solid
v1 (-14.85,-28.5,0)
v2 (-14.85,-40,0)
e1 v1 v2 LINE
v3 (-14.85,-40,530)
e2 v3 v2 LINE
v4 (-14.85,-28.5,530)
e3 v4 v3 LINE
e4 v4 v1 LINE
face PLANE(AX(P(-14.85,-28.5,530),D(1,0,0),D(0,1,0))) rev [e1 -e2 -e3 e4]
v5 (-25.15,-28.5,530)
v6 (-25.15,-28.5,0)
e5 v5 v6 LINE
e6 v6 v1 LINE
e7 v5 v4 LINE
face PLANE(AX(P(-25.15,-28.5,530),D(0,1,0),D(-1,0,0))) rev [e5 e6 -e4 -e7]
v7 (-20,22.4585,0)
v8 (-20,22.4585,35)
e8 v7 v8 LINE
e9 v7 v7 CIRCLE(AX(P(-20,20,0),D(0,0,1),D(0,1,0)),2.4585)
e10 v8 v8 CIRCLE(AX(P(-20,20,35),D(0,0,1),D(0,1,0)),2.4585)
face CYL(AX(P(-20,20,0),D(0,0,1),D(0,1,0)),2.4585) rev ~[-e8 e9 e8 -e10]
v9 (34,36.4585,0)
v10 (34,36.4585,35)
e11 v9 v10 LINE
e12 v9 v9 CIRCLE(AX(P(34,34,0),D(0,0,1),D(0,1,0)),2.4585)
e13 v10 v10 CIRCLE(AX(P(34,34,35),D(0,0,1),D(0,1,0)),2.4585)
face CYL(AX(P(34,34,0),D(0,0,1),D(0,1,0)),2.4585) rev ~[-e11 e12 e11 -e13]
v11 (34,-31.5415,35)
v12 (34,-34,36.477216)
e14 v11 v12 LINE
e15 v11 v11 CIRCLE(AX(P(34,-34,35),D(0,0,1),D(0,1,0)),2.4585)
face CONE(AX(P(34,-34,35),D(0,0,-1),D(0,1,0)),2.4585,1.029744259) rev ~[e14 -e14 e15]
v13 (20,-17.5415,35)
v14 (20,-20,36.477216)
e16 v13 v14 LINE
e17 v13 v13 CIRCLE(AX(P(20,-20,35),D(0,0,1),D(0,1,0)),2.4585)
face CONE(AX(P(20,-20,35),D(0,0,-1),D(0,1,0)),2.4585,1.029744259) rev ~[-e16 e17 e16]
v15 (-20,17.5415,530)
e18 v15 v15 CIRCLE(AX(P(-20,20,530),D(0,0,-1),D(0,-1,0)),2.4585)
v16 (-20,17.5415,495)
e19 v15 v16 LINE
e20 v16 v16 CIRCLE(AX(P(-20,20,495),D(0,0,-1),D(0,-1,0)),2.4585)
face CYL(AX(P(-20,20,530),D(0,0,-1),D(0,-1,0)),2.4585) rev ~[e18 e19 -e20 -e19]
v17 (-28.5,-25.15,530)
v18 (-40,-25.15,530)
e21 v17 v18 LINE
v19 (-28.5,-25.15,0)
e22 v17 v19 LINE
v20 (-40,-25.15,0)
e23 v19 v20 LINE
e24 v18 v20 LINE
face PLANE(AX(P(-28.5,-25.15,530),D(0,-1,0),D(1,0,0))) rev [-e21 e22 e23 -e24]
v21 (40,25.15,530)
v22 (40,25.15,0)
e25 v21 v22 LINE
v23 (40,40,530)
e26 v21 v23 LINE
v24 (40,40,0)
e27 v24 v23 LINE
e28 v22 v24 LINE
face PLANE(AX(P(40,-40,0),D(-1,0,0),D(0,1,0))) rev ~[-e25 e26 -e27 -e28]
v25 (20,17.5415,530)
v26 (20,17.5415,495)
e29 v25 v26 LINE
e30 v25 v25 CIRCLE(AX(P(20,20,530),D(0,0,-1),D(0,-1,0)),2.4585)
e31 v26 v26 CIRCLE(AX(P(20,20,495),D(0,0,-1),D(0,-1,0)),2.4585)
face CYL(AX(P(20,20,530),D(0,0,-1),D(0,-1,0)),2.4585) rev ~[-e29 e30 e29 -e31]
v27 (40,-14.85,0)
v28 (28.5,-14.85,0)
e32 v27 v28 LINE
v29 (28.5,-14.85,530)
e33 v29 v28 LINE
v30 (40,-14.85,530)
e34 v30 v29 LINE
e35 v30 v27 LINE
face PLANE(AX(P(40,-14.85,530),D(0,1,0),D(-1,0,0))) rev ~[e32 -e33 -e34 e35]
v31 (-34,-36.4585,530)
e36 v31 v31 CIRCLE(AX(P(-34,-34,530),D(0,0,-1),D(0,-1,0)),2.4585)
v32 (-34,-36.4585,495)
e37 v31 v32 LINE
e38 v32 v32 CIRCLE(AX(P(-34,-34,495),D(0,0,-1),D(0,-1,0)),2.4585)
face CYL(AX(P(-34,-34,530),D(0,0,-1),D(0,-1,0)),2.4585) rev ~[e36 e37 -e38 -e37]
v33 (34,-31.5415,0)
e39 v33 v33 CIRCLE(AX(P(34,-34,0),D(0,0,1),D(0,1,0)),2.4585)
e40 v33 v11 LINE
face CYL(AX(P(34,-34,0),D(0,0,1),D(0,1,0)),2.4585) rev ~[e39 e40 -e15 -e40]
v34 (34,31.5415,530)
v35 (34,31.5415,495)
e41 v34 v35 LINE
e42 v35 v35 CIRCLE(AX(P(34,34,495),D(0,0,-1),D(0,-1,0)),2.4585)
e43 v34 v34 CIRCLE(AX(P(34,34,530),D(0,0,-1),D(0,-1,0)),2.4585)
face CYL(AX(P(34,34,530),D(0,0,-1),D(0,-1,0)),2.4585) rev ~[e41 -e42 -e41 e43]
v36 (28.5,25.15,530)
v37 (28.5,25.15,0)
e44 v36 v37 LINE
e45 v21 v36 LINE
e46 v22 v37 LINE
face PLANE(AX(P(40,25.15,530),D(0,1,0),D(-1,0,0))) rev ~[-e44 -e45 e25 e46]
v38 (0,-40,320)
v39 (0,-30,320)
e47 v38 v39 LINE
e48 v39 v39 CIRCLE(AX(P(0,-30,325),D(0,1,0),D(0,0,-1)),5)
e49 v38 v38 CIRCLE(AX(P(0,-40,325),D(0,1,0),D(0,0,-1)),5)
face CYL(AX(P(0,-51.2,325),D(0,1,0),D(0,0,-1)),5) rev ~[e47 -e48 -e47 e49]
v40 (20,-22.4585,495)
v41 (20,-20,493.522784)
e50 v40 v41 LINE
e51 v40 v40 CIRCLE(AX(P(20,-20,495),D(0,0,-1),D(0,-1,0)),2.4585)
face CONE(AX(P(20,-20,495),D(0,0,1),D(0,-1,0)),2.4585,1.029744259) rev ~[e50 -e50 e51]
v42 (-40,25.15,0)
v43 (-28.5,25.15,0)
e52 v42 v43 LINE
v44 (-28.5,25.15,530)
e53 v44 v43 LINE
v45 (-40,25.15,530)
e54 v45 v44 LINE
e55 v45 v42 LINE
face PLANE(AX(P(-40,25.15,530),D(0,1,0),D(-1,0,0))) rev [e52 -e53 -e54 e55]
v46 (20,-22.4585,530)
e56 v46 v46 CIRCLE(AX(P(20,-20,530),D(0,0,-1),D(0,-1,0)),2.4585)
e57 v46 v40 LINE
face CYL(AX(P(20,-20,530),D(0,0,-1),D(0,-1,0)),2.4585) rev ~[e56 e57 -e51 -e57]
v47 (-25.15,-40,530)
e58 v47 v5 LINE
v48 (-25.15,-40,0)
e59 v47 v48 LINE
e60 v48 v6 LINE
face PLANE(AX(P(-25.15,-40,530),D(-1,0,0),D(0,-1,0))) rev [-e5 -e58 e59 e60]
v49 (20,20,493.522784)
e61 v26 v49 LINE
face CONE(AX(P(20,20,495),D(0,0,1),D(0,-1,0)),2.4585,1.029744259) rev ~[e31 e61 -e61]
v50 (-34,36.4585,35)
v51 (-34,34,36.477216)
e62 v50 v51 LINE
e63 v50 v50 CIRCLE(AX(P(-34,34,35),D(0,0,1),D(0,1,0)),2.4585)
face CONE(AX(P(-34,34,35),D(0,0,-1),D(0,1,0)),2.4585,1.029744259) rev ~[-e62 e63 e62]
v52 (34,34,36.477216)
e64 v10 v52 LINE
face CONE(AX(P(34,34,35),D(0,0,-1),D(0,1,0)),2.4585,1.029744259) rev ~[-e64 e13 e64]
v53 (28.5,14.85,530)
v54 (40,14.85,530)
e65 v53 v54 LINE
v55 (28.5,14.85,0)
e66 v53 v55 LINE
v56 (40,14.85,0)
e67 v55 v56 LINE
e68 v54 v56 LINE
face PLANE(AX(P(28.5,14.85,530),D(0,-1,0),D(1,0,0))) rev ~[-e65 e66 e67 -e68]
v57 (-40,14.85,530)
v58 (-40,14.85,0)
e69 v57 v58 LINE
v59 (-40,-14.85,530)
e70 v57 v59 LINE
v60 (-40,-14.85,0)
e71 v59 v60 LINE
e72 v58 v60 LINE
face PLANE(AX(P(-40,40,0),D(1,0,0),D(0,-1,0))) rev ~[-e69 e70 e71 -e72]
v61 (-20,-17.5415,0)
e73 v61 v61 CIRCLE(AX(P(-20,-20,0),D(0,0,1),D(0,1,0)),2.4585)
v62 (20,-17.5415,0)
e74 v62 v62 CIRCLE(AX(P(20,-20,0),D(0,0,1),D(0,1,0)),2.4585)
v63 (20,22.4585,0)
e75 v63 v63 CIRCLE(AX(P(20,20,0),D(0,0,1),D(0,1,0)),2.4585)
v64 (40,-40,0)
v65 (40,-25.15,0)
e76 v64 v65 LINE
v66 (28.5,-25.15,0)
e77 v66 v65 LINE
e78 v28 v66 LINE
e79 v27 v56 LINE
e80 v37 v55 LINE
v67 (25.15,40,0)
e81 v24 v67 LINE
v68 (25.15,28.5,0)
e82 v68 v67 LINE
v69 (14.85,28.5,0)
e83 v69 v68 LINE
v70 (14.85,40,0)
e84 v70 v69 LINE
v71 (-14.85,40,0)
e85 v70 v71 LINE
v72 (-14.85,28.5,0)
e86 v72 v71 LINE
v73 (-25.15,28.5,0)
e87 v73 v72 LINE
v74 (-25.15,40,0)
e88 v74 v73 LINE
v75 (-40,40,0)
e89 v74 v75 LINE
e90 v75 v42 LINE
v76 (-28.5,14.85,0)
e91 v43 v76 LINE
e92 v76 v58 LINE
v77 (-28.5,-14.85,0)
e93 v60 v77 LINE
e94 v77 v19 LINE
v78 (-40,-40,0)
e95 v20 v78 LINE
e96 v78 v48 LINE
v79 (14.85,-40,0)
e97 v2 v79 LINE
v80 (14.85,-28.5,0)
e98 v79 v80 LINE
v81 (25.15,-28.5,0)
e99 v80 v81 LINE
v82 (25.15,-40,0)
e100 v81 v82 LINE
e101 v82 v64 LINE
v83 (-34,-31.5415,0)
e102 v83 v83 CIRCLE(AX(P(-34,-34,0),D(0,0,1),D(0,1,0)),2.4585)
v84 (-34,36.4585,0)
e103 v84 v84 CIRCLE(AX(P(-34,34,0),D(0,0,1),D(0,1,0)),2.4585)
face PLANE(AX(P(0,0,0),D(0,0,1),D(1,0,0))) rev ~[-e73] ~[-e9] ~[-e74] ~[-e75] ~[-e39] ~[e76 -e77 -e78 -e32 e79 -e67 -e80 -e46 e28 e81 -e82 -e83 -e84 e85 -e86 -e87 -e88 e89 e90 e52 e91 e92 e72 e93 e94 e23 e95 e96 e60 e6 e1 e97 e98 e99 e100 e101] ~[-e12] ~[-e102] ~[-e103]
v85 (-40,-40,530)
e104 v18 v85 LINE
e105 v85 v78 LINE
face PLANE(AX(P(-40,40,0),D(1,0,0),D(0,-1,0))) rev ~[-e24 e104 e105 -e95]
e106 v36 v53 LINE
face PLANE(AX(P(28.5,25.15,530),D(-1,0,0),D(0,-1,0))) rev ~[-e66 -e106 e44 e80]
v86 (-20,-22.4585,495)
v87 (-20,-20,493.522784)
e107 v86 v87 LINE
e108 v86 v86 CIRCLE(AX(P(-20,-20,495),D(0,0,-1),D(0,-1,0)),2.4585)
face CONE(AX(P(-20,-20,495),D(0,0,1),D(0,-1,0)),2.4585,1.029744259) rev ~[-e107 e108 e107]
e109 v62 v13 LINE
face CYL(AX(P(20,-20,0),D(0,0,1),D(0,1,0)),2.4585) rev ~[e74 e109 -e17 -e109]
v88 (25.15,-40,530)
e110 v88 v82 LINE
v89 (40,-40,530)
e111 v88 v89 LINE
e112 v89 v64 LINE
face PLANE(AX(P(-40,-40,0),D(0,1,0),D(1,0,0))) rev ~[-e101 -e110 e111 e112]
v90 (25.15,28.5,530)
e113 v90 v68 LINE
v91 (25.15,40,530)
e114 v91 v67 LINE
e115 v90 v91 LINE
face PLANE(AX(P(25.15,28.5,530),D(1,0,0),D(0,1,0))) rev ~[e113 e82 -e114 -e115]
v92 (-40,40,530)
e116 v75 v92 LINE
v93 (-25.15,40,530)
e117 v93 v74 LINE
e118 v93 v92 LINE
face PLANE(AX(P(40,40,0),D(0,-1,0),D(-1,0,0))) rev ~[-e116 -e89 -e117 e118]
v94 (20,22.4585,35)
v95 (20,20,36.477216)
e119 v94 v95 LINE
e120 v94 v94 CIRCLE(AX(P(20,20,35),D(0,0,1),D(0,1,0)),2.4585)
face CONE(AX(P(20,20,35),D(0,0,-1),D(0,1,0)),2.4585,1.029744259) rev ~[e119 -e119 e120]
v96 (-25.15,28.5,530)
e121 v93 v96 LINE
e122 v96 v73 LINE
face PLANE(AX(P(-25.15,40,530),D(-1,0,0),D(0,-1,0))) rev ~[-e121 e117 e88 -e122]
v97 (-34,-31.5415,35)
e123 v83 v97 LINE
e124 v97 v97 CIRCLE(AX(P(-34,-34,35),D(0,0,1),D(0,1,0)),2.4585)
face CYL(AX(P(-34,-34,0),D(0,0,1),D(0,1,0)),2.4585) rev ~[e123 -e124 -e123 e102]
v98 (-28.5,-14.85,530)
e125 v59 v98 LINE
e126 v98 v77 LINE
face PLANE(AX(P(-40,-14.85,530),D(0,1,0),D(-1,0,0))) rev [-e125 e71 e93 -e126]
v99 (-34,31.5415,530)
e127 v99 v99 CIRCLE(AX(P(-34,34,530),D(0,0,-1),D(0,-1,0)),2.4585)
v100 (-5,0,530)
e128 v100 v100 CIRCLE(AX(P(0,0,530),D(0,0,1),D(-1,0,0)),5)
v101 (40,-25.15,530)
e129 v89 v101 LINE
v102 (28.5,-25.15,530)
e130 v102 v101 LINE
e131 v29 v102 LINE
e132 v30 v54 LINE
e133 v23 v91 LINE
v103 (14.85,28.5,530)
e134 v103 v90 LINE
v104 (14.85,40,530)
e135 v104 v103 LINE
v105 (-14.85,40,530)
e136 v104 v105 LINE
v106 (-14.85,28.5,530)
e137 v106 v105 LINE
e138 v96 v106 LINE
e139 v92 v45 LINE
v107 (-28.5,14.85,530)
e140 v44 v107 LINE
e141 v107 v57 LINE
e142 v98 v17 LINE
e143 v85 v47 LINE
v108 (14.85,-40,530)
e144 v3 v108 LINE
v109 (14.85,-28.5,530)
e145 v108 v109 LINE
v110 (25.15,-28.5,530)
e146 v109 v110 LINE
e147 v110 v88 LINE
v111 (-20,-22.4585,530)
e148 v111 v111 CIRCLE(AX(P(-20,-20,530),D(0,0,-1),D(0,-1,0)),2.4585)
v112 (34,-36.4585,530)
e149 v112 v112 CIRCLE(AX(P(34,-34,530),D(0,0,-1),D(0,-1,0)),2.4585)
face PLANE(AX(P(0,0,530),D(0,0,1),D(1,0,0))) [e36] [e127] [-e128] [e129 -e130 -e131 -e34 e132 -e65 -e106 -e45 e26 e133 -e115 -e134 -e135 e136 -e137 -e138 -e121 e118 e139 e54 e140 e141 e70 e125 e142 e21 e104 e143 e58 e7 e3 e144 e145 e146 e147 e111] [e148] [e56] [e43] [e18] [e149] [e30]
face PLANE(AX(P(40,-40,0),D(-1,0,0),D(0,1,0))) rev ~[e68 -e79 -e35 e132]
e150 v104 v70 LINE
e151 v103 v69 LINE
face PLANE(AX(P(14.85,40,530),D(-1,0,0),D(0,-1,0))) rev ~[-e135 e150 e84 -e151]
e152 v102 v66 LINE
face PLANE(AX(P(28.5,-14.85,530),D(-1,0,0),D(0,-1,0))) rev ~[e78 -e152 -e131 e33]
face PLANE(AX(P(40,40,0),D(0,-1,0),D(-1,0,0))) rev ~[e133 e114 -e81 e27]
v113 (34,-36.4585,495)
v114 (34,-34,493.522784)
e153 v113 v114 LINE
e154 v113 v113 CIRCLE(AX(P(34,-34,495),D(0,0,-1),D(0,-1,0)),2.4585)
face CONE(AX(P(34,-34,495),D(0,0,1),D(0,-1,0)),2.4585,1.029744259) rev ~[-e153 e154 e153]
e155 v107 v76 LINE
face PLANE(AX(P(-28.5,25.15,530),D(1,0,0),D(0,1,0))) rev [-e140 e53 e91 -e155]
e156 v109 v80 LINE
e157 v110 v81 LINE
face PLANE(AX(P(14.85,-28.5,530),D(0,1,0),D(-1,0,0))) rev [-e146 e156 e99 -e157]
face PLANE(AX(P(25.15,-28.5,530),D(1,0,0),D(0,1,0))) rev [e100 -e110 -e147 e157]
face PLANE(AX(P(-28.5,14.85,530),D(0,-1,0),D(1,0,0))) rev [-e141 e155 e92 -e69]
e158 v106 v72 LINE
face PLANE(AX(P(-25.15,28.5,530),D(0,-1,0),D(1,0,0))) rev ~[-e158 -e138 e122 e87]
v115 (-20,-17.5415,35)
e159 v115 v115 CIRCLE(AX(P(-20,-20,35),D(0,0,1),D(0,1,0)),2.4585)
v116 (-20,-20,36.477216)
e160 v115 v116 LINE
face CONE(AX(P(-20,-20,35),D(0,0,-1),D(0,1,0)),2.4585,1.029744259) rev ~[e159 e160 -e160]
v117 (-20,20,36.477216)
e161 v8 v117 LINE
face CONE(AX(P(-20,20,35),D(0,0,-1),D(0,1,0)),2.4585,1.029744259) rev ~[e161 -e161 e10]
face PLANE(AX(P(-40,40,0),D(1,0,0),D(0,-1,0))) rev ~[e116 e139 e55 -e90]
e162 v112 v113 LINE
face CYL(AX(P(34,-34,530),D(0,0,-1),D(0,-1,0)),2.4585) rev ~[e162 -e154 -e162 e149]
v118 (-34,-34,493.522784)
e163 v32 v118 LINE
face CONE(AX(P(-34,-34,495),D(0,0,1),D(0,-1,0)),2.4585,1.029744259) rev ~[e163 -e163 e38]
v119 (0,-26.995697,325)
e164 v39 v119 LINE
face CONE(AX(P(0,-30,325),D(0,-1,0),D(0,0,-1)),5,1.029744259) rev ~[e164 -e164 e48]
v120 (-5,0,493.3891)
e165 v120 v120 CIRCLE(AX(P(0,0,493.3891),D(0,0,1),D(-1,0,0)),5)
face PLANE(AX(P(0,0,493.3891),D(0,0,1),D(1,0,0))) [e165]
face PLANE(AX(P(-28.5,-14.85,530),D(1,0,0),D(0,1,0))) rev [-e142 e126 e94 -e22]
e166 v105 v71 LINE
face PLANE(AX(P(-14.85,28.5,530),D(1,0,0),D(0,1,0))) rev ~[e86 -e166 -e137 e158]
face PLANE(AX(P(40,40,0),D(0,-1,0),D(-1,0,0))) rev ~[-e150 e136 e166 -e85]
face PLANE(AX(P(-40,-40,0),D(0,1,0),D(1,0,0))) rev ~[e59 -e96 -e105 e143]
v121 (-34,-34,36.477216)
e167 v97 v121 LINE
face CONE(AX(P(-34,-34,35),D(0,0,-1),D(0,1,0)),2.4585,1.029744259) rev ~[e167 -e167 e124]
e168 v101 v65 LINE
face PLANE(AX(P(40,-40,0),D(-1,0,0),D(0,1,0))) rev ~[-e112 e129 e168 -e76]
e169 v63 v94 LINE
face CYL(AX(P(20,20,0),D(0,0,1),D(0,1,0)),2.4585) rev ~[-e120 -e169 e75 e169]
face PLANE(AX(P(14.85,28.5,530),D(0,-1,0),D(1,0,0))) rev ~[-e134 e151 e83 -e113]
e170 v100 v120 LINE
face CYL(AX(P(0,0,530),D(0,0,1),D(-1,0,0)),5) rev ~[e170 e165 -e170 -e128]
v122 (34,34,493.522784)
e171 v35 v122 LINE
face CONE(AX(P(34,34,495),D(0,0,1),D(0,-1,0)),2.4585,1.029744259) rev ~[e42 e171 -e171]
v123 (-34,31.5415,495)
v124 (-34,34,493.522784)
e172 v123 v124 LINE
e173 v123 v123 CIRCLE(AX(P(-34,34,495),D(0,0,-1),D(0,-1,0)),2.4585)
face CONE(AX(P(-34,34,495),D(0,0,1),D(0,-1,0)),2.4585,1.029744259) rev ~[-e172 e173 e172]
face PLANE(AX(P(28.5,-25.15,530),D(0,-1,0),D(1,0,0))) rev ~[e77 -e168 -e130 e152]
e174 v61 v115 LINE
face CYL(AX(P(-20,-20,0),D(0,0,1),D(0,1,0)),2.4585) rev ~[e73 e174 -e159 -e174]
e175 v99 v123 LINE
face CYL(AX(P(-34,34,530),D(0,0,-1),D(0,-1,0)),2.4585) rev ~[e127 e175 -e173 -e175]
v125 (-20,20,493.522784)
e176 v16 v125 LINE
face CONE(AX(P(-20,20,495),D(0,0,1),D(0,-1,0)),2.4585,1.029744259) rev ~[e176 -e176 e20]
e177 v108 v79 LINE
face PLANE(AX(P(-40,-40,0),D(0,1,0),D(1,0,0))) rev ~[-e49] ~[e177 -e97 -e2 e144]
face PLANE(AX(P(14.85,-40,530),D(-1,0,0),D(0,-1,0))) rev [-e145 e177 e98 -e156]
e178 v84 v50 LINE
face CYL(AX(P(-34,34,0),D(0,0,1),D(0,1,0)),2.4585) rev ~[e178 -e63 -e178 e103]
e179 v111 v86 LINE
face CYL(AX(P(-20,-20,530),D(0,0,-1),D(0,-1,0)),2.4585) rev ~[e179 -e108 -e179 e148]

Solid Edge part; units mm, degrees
sketch "Sketch1" plane through (0, 0, 0) normal (0, 0, 1) x (1, 0, 0)
  line L0 (40, -40) -> (40, 40)
  line L1 (40, 40) -> (-40, 40)
  line L2 (-40, 40) -> (-40, -40)
  line L3 (-40, -40) -> (40, -40)
extrude "Protrusion1" add sketch "Sketch1" along normal blind 530
extrude "Extrusionsausschnitt_1" [suppressed]
sketch "Sketch2" plane through (40, 0, 350) normal (1, 0, 0) x (0, 0, 1)
  circle A0 centre (50, 90) radius 60
  circle A1 centre (50, 90) radius 40
  dimension "D1" = 90
  dimension "D2" = 120
  dimension "D3" = 80
  dimension "D4" = 400
extrude "Protrusion2" add sketch "Sketch2" against normal up to vertex (80 mm away)
sketch "Sketch3" plane through (40, -55, 350) normal (1, 0, 0) x (0, 0, 1)
  line L0 (-10, 5) -> (-40, 5)
  line L1 (-40, 5) -> (-40, -15)
  line L2 (-40, -15) -> (26.1282, -15)
  line L3 (26.1282, -15) -> (-10, 35)
  line L4 (-10, 35) -> (-10, 5)
extrude "Protrusion3" add sketch "Sketch3" against normal up to vertex (80 mm away)
hole "Bohrung_1" at (0, -60, 325) direction (0, 1, 0) diameter 10 depth 30 tip angle 118 counterbore diameter 15 counterbore depth 8.8
mirror "Mirror1" [suppressed]
sketch "Sketch4" plane through (0, 0, 530) normal (0, 0, 1) x (-1, 0, 0)
  circle A0 centre (0, 0) radius 5
extrude "Extrusionsausschnitt_2" cut sketch "Sketch4" against normal blind 36.6109
sketch "Sketch5" plane through (0, 0, 530) normal (0, 0, 1) x (1, 0, 0)
  line L0 (28.5, -25.15) -> (40, -25.15)
  line L1 (40, -25.15) -> (40, -14.85)
  line L2 (40, -14.85) -> (28.5, -14.85)
  line L3 (28.5, -14.85) -> (28.5, -25.15)
  line L4 (28.5, 14.85) -> (40, 14.85)
  line L5 (40, 14.85) -> (40, 25.15)
  line L6 (40, 25.15) -> (28.5, 25.15)
  line L7 (28.5, 25.15) -> (28.5, 14.85)
  dimension "D1" = 10.3
  dimension "D2" = 11.5
  dimension "D3" = 20
  dimension "D4" = 20
extrude "Cutout1" cut sketch "Sketch5" against normal up to vertex (530 mm away)
sketch "Sketch6" plane through (0, 0, 530) normal (0, 0, 1) x (1, 0, 0)
  line L0 (-86.4024, -164.9595) -> (86.4024, -164.9595)
  line L1 (86.4024, -164.9595) -> (86.4024, -40)
  line L2 (86.4024, -40) -> (-86.4024, -40)
  line L3 (-86.4024, -40) -> (-86.4024, -164.9595)
extrude "Extrusionsausschnitt_4" cut sketch "Sketch6" against normal blind 227.9971
mirror "Mirror2" about plane through (-6.1475, 6.1475, 8.6939) normal (0.7071, 0.7071, 0) of "Cutout1"
mirror "Mirror3" about plane through (0, 0, 0) normal (1, 0, 0) of "Cutout1"
mirror "Mirror4" about plane through (0, 0, 0) normal (0, -1, 0) of "Mirror2"
hole "Bohrung_2" at (-34, -34, 0) direction (0, 0, 1) diameter 4.917 depth 35 tip angle 118 thread major 6 thread length 30
hole "Hole1" at (34, -34, 0) direction (0, 0, 1) diameter 4.917 depth 35 tip angle 118 thread major 6 thread length 30
hole "Hole2" at (34, 34, 0) direction (0, 0, 1) diameter 4.917 depth 35 tip angle 118 thread major 6 thread length 30
hole "Hole3" at (-34, 34, 0) direction (0, 0, 1) diameter 4.917 depth 35 tip angle 118 thread major 6 thread length 30
hole "Hole4" at (-20, -20, 0) direction (0, 0, 1) diameter 4.917 depth 35 tip angle 118 thread major 6 thread length 30
hole "Hole5" at (20, -20, 0) direction (0, 0, 1) diameter 4.917 depth 35 tip angle 118 thread major 6 thread length 30
hole "Hole6" at (20, 20, 0) direction (0, 0, 1) diameter 4.917 depth 35 tip angle 118 thread major 6 thread length 30
hole "Hole7" at (-20, 20, 0) direction (0, 0, 1) diameter 4.917 depth 35 tip angle 118 thread major 6 thread length 30
hole "Bohrung_6" at (-34, 34, 530) direction (0, 0, -1) diameter 4.917 depth 35 tip angle 118 thread major 6 thread length 30
hole "Hole8" at (-34, -34, 530) direction (0, 0, -1) diameter 4.917 depth 35 tip angle 118 thread major 6 thread length 30
hole "Hole9" at (34, 34, 530) direction (0, 0, -1) diameter 4.917 depth 35 tip angle 118 thread major 6 thread length 30
hole "Hole10" at (34, -34, 530) direction (0, 0, -1) diameter 4.917 depth 35 tip angle 118 thread major 6 thread length 30
hole "Hole11" at (-20, -20, 530) direction (0, 0, -1) diameter 4.917 depth 35 tip angle 118 thread major 6 thread length 30
hole "Hole12" at (-20, 20, 530) direction (0, 0, -1) diameter 4.917 depth 35 tip angle 118 thread major 6 thread length 30
hole "Hole13" at (20, 20, 530) direction (0, 0, -1) diameter 4.917 depth 35 tip angle 118 thread major 6 thread length 30
hole "Hole14" at (20, -20, 530) direction (0, 0, -1) diameter 4.917 depth 35 tip angle 118 thread major 6 thread length 30
